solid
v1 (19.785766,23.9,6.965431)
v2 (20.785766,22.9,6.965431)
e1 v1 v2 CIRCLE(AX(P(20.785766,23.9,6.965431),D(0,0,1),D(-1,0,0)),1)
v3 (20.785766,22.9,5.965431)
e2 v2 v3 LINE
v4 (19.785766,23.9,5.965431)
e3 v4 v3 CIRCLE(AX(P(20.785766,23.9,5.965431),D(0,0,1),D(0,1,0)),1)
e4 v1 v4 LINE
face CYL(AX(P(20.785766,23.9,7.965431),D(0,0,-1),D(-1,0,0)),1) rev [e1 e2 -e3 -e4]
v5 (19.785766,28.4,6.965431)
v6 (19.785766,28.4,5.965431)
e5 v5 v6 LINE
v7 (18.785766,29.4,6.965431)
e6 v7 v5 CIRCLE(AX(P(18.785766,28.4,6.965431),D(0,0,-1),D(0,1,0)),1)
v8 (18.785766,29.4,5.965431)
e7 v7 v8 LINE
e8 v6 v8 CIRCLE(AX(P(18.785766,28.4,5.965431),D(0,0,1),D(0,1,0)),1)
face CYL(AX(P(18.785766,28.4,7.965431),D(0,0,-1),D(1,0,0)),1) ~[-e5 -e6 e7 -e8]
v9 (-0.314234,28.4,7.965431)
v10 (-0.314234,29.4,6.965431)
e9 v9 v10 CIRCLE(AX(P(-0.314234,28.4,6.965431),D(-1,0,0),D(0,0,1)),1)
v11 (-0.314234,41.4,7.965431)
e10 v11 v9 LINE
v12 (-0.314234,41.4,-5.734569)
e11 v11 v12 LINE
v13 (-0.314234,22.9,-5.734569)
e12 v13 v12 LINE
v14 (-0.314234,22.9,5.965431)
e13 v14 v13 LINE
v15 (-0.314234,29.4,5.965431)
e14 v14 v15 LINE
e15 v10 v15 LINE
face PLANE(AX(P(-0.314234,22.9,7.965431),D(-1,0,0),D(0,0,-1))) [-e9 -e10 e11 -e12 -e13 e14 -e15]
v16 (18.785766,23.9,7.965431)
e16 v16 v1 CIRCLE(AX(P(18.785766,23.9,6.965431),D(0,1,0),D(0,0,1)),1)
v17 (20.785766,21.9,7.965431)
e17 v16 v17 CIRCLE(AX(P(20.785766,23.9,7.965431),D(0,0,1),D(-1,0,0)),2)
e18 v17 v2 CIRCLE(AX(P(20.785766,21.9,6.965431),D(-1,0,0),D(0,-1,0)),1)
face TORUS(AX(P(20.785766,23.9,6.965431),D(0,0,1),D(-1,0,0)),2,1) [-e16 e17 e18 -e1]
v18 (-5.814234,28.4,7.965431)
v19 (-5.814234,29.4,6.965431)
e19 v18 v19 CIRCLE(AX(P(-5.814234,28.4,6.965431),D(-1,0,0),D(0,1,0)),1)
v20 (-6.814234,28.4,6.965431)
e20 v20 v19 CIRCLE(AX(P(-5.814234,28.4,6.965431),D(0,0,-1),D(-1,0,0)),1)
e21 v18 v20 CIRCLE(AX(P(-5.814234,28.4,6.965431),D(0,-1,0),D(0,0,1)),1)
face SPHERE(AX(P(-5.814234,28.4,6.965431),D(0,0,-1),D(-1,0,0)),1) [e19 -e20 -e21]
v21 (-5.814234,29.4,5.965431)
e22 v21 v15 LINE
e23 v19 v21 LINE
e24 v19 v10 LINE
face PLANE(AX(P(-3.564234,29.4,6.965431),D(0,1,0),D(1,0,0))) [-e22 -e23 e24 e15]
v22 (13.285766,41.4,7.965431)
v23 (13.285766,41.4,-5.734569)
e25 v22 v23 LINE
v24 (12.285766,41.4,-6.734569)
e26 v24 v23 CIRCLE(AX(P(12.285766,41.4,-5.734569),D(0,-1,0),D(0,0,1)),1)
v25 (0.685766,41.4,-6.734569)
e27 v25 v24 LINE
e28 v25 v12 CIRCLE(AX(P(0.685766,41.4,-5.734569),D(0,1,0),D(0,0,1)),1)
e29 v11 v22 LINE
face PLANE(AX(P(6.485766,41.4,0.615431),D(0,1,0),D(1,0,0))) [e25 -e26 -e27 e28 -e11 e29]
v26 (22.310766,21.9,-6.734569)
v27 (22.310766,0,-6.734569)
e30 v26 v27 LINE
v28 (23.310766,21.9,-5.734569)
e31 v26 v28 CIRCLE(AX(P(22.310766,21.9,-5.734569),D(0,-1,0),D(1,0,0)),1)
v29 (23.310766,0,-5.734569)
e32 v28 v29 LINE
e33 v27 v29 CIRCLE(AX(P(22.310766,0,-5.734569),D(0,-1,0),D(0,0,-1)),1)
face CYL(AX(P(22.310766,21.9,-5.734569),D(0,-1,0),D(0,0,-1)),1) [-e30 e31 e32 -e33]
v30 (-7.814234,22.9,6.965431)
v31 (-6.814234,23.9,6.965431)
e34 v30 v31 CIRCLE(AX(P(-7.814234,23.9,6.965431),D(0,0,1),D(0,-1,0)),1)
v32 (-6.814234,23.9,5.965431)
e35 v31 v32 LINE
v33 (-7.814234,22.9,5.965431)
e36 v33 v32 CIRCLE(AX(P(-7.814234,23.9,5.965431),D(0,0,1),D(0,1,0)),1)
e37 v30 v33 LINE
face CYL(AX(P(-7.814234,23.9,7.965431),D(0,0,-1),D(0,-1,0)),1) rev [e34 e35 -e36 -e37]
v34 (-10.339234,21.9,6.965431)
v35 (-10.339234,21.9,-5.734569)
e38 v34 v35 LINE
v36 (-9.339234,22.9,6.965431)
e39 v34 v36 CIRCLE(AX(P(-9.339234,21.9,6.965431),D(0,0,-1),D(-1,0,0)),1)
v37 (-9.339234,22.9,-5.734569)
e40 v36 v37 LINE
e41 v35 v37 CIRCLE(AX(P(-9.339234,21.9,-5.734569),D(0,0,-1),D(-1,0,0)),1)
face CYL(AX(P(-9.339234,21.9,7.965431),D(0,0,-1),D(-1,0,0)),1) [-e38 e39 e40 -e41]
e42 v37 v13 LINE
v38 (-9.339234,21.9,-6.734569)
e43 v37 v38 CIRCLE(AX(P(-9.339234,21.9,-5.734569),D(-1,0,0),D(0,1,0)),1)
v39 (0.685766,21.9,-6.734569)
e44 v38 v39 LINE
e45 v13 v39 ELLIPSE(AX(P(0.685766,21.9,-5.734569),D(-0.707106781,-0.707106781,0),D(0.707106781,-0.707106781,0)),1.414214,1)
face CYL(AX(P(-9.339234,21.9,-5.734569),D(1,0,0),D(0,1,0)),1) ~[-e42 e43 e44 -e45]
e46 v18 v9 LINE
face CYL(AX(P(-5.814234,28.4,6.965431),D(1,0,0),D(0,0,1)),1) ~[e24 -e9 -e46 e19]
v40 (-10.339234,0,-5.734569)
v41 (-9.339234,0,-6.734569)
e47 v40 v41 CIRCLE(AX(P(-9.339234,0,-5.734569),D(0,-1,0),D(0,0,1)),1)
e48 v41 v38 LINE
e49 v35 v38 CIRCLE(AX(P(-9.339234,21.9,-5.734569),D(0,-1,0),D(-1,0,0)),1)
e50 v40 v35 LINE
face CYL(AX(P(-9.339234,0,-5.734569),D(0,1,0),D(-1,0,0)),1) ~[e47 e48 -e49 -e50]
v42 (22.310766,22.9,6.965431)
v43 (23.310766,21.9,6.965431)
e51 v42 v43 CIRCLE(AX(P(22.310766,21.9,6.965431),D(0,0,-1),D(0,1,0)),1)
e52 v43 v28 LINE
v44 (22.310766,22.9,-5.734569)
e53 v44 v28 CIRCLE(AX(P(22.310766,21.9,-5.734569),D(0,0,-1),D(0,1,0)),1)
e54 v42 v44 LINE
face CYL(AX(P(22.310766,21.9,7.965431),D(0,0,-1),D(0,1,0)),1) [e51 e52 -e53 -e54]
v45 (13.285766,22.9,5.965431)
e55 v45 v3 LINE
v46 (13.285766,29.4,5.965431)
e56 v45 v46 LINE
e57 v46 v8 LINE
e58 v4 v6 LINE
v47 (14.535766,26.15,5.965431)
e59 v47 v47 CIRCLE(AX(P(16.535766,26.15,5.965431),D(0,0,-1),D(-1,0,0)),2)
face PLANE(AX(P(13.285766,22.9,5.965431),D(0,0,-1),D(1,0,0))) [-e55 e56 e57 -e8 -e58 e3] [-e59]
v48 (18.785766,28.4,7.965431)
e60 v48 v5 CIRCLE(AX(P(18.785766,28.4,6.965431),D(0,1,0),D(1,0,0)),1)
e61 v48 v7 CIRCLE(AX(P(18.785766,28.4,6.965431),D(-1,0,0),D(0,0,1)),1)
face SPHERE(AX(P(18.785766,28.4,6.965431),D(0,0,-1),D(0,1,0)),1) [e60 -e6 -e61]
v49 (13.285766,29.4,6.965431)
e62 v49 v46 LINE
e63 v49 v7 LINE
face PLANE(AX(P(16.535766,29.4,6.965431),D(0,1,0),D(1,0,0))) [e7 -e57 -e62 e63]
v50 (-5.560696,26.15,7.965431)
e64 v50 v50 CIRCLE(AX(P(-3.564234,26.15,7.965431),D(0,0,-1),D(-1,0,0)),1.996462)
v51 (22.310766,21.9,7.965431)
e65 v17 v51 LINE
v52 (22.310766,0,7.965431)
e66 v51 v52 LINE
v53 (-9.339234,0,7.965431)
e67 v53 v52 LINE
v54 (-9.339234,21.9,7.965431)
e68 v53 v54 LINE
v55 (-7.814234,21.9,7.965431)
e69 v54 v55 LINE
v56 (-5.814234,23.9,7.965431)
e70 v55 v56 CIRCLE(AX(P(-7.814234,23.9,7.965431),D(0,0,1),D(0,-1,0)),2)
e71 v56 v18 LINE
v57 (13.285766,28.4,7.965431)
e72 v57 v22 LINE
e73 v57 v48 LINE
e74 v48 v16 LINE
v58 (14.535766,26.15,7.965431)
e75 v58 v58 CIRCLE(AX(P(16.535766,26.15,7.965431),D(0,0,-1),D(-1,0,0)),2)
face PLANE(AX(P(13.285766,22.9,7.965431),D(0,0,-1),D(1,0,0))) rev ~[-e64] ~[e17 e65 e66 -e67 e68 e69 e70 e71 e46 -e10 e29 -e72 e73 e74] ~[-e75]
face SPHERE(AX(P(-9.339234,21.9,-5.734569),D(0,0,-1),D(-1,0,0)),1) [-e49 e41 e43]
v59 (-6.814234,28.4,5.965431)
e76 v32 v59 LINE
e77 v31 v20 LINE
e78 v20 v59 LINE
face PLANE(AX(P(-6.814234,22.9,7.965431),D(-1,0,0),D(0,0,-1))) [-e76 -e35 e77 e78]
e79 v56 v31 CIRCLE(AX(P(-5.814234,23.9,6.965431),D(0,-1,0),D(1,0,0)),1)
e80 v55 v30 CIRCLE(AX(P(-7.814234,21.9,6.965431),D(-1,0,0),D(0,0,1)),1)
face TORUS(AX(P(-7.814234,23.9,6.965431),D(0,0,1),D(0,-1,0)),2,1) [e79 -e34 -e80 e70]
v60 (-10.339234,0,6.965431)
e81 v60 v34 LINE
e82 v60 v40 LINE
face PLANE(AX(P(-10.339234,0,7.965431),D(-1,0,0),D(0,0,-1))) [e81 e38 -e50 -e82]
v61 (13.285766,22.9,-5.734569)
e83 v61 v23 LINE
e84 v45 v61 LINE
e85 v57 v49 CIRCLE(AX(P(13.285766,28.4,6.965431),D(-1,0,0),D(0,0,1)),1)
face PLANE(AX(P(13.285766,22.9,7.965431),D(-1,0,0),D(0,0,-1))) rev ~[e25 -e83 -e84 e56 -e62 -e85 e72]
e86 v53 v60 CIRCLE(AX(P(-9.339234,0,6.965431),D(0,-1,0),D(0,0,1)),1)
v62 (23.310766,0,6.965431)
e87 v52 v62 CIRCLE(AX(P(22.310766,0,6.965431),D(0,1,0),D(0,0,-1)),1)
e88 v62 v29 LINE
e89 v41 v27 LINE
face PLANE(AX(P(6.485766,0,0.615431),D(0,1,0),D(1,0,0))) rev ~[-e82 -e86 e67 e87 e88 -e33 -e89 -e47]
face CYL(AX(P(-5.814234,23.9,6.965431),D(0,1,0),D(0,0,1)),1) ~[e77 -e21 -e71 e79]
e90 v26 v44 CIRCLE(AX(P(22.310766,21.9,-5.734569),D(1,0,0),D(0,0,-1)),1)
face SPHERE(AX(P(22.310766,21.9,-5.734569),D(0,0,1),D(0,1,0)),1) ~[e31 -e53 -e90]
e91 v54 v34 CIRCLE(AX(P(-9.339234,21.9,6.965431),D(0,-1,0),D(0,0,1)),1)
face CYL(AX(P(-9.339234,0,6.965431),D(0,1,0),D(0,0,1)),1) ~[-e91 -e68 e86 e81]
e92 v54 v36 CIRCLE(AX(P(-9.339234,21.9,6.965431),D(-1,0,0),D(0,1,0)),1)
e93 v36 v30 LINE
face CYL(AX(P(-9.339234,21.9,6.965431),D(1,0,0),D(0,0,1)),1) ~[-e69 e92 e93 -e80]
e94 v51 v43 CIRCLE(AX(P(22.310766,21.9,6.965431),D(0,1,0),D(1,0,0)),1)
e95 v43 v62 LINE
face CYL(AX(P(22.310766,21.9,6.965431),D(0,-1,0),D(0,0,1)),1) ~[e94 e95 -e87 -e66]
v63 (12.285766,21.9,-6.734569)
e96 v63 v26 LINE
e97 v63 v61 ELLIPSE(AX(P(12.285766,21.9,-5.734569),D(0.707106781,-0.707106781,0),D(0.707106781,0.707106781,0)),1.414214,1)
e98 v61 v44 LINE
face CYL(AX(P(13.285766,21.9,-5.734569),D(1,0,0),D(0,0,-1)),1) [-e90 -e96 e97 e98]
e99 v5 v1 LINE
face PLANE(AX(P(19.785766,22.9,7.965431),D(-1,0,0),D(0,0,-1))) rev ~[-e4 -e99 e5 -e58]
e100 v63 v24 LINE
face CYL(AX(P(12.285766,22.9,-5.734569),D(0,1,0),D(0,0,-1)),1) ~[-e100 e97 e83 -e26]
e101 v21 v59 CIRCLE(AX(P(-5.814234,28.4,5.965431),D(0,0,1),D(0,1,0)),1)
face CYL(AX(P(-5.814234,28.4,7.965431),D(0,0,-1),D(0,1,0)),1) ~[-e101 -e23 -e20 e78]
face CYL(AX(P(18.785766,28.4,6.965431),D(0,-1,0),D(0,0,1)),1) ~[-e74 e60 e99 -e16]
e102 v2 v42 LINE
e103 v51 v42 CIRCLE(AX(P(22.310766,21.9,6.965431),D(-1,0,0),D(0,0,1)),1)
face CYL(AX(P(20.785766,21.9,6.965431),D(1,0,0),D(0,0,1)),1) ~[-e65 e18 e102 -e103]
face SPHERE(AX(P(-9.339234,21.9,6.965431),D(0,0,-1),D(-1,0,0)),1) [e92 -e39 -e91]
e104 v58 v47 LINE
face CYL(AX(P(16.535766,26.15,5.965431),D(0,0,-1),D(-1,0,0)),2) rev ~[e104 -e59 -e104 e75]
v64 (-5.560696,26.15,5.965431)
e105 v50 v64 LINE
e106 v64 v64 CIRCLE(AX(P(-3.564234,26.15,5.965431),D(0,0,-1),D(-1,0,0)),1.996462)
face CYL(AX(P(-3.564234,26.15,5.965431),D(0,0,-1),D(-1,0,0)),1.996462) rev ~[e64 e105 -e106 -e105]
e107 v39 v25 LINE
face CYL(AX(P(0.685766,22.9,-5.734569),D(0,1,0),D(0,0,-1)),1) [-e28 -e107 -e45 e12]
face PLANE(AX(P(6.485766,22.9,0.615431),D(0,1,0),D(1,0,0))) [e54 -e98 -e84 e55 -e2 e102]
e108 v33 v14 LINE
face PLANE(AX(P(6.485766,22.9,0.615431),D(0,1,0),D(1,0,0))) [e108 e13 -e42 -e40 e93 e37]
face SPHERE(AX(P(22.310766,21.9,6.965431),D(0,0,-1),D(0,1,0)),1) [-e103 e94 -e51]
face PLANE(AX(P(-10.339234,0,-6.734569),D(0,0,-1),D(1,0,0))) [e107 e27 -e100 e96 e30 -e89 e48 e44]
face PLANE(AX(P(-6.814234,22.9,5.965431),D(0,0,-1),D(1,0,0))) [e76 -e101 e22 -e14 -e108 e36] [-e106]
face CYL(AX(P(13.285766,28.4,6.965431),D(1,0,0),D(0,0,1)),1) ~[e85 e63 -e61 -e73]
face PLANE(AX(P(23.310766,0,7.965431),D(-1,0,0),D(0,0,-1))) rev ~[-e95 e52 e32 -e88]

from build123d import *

# Parameters (mm, degrees)
SKETCH1_W           = 33.65
SKETCH1_H           = 14.7
BOSS_EXTRUDE1_DEPTH = 22.9
SKETCH2_W           = 13.6
SKETCH2_H           = 14.7
BOSS_EXTRUDE2_DEPTH = 18.5
SKETCH3_W           = 6.5
SKETCH3_H           = 2
BOSS_EXTRUDE3_DEPTH = 6.5
SKETCH4_W           = 6.5
SKETCH4_H           = 2
BOSS_EXTRUDE4_DEPTH = 6.5
SKETCH5_R           = 1.996461688
CUT_EXTRUDE1_DEPTH  = 3.75
SKETCH6_R           = 2
CUT_EXTRUDE2_DEPTH  = 3.75
FILLET2_R           = 1
FILLET3_R           = 1


with BuildPart() as part:
    # Sketch1 → Boss-Extrude1 (new body)
    with BuildSketch(Plane(origin=(0, 0, 0), x_dir=(1, 0, 0), z_dir=(0, 1, 0))):
        with Locations((6.48576555, -0.615430622)):
            Rectangle(SKETCH1_W, SKETCH1_H)
    extrude(amount=BOSS_EXTRUDE1_DEPTH)

    # Sketch2 → Boss-Extrude2 (add)
    with BuildSketch(Plane(origin=(0, 22.9, 0), x_dir=(1, 0, 0), z_dir=(0, 1, 0))):
        with Locations((6.48576555, -0.615430622)):
            Rectangle(SKETCH2_W, SKETCH2_H)
    extrude(amount=BOSS_EXTRUDE2_DEPTH)

    # Sketch3 → Boss-Extrude3 (add)
    with BuildSketch(Plane(origin=(0, 22.9, 0), x_dir=(1, 0, 0), z_dir=(0, 1, 0))):
        with Locations((-3.56423445, -6.965430622)):
            Rectangle(SKETCH3_W, SKETCH3_H)
    extrude(amount=BOSS_EXTRUDE3_DEPTH)

    # Sketch4 → Boss-Extrude4 (add)
    with BuildSketch(Plane(origin=(0, 22.9, 0), x_dir=(1, 0, 0), z_dir=(0, 1, 0))):
        with Locations((16.53576555, -6.965430622)):
            Rectangle(SKETCH4_W, SKETCH4_H)
    extrude(amount=BOSS_EXTRUDE4_DEPTH)

    # Sketch5 → Cut-Extrude1 (cut, symmetric)
    with BuildSketch(Plane(origin=(0, 0, 5.965430622), x_dir=(-1, 0, 0), z_dir=(0, 0, -1))):
        with Locations((3.56423445, 26.15)):
            Circle(SKETCH5_R)
    extrude(amount=CUT_EXTRUDE1_DEPTH, both=True, mode=Mode.SUBTRACT)

    # Sketch6 → Cut-Extrude2 (cut, symmetric)
    with BuildSketch(Plane(origin=(0, 0, 5.965430622), x_dir=(-1, 0, 0), z_dir=(0, 0, -1))):
        with Locations((-16.53576555, 26.15)):
            Circle(SKETCH6_R)
    extrude(amount=CUT_EXTRUDE2_DEPTH, both=True, mode=Mode.SUBTRACT)

    # Fillet2
    fillet2_edges = [part.edges().sort_by_distance(p)[0] for p in [
        (23.31076555, 22.9, 0.615430622),
        (-6.81423445, 22.9, 6.965430622),
        (-6.81423445, 29.4, 6.965430622),
        (19.78576555, 22.9, 6.965430622),
        (19.78576555, 29.4, 6.965430622),
        (-10.33923445, 22.9, 0.615430622),
    ]]
    fillet(fillet2_edges, radius=FILLET2_R)

    # Fillet3
    fillet3_edges = [part.edges().sort_by_distance(p)[0] for p in [
        (-4.82673445, 22.9, -6.734569378),
        (-0.31423445, 32.15, -6.734569378),
        (13.28576555, 32.15, -6.734569378),
        (16.03576555, 29.4, 7.965430622),
        (19.78576555, 26.15, 7.965430622),
        (21.54826555, 22.9, 7.965430622),
        (17.79826555, 22.9, -6.734569378),
        (-6.81423445, 26.15, 7.965430622),
        (-8.57673445, 22.9, 7.965430622),
        (-3.06423445, 29.4, 7.965430622),
        (-10.33923445, 10.95, 7.965430622),
        (23.31076555, 10.95, 7.965430622),
        (23.017872331, 22.607106781, 7.965430622),
        (-10.046341231, 22.607106781, 7.965430622),
        (-6.521341231, 29.107106781, 7.965430622),
        (19.492872331, 29.107106781, 7.965430622),
        (-10.33923445, 10.95, -6.734569378),
        (23.31076555, 10.95, -6.734569378),
        (23.017872331, 22.607106781, -6.734569378),
        (-10.046341231, 22.607106781, -6.734569378),
        (20.078658769, 23.192893219, 7.965430622),
        (-7.107127669, 23.192893219, 7.965430622),
    ]]
    fillet(fillet3_edges, radius=FILLET3_R)


solid = part.part
